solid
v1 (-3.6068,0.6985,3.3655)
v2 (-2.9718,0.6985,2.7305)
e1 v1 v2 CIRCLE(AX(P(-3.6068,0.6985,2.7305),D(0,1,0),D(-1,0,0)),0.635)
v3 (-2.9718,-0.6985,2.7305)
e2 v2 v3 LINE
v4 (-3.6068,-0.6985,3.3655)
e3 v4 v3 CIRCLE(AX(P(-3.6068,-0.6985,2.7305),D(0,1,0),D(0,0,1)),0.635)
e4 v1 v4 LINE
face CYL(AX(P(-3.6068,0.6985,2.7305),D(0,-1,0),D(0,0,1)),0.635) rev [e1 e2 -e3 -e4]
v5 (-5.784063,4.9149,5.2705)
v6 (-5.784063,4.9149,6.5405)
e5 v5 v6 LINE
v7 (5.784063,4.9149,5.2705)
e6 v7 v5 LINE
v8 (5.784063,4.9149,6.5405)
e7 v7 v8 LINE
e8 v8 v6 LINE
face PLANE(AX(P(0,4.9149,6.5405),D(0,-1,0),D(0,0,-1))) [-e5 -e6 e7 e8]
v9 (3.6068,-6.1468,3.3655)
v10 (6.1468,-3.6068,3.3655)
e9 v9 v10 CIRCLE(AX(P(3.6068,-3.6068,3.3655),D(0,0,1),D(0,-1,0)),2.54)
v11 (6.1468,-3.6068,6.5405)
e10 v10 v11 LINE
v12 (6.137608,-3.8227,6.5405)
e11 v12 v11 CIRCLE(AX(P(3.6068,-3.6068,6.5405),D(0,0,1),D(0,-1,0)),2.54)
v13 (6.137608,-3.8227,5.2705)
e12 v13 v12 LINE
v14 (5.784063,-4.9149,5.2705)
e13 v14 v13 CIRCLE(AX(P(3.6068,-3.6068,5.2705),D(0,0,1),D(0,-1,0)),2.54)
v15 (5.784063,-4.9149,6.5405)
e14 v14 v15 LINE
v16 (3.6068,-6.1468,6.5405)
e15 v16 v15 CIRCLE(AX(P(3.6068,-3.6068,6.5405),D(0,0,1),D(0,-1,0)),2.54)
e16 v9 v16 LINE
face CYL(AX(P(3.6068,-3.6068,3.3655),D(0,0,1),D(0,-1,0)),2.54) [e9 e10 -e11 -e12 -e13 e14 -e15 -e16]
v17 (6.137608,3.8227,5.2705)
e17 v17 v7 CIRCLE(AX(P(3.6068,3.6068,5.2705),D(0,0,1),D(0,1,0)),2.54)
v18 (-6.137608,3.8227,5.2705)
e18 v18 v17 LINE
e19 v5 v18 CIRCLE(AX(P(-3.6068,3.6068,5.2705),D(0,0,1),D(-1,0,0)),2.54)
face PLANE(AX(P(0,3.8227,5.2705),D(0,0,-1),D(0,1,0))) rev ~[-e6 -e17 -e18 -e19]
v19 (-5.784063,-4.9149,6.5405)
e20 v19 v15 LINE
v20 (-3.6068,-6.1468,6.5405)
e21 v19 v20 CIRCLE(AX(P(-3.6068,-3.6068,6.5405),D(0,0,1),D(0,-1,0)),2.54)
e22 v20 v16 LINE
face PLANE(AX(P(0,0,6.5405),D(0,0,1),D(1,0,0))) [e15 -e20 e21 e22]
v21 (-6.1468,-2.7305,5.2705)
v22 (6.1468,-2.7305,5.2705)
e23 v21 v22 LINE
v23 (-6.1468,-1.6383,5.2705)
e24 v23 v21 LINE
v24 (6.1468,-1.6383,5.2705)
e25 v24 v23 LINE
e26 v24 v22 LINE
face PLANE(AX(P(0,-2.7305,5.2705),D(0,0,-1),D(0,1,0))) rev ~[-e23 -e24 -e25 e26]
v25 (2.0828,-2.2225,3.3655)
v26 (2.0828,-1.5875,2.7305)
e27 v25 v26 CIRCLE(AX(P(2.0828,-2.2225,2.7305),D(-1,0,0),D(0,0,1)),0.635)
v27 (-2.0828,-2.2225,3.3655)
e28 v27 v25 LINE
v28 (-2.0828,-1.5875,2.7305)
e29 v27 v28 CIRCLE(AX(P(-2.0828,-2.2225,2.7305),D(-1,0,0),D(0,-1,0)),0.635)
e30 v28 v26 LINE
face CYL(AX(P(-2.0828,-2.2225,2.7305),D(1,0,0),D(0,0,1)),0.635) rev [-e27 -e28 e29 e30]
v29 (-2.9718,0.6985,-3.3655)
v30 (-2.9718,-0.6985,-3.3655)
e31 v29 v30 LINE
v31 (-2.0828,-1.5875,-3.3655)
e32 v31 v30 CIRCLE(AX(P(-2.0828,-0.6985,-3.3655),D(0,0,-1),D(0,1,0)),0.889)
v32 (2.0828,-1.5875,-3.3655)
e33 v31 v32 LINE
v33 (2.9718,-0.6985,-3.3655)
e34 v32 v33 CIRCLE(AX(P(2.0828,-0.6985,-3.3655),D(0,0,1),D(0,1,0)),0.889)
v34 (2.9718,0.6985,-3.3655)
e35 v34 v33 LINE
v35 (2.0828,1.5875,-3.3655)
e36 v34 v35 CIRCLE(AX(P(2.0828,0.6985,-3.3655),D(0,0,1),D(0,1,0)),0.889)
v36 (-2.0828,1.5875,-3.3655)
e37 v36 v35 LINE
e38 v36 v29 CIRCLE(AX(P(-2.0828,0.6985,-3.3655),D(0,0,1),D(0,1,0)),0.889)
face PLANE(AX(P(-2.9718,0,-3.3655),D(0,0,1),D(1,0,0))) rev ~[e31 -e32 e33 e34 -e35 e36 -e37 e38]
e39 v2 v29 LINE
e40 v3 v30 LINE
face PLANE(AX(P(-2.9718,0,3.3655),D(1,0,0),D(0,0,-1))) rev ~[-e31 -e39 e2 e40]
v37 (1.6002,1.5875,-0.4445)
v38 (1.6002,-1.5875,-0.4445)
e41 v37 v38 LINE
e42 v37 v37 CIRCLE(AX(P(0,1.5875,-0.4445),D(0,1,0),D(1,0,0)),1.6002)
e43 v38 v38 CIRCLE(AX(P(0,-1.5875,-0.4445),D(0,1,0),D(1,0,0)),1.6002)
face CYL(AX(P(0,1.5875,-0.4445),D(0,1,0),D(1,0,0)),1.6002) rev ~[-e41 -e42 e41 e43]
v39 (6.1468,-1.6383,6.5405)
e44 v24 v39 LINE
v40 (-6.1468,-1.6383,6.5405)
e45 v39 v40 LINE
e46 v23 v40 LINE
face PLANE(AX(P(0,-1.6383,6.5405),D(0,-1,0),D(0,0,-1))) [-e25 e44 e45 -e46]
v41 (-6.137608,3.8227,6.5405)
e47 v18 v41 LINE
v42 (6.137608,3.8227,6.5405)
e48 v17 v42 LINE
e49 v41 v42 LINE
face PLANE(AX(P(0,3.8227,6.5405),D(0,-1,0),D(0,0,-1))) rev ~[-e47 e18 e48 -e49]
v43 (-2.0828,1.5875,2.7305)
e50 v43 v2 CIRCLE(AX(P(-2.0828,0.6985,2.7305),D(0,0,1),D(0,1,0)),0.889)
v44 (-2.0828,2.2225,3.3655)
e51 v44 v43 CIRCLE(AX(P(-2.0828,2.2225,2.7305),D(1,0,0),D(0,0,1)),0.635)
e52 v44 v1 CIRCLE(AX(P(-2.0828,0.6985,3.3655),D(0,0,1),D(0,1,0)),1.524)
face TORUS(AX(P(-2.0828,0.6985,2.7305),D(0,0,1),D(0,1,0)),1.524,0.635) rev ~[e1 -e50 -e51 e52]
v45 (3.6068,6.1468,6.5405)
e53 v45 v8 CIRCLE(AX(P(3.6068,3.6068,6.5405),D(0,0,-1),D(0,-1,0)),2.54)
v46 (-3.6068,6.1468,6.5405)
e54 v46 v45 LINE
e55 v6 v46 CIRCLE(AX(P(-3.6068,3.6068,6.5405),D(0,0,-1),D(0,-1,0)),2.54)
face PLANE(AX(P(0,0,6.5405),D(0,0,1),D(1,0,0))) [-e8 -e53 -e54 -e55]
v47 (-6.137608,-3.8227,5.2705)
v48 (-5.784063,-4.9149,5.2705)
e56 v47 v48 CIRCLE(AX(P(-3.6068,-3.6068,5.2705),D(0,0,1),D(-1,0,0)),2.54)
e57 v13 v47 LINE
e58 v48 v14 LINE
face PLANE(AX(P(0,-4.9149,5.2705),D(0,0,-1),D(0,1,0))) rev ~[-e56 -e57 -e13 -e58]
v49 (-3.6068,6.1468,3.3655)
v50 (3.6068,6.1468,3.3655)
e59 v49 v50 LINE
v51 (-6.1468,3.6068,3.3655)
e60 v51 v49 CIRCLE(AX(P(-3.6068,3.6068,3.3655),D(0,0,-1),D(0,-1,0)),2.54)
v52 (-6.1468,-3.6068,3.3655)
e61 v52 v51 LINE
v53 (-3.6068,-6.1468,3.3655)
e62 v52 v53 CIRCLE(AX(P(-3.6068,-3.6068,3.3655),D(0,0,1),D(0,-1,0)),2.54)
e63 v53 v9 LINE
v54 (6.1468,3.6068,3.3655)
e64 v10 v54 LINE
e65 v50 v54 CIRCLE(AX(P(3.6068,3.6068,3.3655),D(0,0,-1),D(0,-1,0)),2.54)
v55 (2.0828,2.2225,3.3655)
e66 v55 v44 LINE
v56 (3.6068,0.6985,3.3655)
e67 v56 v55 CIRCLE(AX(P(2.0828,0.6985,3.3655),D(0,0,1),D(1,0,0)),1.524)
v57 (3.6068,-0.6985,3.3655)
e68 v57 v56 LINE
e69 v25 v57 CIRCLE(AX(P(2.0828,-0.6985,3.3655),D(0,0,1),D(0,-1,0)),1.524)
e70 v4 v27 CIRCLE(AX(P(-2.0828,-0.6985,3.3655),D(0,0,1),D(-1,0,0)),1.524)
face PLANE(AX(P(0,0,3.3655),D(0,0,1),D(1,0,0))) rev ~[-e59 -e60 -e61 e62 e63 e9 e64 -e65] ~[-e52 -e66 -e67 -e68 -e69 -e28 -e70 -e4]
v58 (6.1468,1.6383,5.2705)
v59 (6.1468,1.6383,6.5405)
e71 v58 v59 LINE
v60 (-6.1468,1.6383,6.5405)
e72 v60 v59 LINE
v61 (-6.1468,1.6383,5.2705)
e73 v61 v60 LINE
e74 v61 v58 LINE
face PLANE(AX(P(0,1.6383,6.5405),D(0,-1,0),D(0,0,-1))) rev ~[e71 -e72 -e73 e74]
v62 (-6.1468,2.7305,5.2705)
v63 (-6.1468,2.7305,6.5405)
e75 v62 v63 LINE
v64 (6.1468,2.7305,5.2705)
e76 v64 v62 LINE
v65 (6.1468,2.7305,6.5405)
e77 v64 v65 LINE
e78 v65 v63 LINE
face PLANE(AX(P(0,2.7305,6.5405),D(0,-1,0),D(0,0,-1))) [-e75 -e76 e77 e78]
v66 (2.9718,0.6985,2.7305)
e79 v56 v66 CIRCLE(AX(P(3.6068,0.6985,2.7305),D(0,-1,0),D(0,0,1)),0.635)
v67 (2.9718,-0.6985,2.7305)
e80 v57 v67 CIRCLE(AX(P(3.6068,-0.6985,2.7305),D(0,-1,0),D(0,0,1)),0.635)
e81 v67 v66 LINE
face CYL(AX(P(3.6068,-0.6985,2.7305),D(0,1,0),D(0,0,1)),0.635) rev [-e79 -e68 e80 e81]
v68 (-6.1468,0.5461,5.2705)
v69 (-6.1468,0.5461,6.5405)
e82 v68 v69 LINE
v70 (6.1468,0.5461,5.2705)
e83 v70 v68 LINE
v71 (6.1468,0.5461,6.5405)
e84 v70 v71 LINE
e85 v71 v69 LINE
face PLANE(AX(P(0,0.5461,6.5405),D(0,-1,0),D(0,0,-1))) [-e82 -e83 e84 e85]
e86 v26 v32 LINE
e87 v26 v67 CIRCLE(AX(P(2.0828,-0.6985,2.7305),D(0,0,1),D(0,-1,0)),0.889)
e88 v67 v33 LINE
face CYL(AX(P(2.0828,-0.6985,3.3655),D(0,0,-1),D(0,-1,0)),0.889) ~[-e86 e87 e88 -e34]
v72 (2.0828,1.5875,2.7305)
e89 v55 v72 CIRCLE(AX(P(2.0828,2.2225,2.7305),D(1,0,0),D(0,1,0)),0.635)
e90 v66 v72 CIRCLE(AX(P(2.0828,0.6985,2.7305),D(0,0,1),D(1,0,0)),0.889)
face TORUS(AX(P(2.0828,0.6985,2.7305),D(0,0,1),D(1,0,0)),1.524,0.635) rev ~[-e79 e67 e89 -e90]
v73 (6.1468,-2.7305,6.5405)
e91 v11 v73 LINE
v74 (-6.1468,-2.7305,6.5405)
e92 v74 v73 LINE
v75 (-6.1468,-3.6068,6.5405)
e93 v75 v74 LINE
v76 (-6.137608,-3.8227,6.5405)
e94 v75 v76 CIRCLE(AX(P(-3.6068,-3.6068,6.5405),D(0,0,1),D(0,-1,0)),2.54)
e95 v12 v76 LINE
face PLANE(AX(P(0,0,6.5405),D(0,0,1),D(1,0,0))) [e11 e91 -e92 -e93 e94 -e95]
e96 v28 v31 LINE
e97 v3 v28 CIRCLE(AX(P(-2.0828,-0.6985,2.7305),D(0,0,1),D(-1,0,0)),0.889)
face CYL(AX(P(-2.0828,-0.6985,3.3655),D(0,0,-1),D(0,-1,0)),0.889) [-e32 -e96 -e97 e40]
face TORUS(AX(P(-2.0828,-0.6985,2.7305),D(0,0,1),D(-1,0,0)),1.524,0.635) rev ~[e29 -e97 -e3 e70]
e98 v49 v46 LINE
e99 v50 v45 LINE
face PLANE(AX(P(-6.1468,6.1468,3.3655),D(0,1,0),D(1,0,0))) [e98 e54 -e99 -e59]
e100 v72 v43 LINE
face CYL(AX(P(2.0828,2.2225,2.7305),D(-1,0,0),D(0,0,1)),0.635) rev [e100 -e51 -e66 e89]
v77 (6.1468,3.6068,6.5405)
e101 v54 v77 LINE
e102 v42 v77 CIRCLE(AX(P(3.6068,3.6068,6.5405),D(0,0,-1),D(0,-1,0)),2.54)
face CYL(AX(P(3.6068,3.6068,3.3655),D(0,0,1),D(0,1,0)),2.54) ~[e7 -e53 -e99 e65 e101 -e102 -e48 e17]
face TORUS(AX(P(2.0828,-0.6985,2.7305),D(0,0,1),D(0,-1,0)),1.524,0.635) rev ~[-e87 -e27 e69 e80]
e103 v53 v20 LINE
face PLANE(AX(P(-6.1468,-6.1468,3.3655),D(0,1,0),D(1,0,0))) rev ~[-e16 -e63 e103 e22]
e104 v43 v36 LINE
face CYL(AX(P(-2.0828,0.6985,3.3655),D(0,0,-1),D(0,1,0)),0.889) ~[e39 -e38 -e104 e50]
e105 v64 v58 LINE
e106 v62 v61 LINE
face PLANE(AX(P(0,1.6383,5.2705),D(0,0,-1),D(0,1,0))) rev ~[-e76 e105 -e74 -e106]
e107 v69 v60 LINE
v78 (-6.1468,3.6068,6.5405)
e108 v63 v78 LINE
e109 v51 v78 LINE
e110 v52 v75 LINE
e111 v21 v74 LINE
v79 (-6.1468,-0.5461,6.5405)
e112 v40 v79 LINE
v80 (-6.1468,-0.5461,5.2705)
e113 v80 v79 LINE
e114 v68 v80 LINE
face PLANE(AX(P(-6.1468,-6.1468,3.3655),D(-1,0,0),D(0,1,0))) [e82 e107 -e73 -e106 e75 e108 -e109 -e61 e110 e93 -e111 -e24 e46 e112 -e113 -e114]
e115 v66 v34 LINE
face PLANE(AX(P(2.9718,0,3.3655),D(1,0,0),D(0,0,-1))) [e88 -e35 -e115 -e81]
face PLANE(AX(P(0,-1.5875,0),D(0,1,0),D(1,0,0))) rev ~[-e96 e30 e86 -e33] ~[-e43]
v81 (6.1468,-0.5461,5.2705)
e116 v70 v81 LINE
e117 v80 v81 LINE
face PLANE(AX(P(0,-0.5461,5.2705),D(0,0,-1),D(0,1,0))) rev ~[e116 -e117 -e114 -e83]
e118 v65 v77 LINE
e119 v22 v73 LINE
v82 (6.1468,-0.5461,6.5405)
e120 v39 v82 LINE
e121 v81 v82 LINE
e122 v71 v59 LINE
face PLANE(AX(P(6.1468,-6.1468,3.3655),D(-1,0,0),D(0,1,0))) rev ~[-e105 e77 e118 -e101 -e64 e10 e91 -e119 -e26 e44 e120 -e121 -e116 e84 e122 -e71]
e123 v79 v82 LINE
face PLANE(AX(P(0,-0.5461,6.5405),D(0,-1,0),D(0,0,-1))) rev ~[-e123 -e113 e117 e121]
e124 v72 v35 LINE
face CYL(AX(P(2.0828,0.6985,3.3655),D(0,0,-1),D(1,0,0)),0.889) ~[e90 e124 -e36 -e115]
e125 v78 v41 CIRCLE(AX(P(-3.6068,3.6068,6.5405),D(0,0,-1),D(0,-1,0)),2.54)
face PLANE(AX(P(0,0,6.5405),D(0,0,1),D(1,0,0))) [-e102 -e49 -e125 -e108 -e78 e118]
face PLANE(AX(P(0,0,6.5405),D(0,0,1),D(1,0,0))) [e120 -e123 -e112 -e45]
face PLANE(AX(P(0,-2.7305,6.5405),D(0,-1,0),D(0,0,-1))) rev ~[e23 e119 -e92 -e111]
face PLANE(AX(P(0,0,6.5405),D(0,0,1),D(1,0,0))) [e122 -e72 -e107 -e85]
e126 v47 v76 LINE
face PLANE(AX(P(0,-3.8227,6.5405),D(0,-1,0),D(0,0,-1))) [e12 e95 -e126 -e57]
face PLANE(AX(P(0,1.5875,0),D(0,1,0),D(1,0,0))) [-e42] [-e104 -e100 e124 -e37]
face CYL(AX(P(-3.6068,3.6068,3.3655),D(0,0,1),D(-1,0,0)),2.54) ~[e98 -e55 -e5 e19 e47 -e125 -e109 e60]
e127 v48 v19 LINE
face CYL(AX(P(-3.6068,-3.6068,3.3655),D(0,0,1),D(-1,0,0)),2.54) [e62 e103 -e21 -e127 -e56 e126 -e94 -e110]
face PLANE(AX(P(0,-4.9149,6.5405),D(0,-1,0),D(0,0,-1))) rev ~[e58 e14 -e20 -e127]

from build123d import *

# Parameters (mm, degrees)
SKETCH1_W               = 5.9436
SKETCH1_H               = 6.731
BOSS_EXTRUDE1_DEPTH     = 1.5875
SKETCH2_W               = 12.2936
SKETCH2_H               = 12.2936
BOSS_EXTRUDE2_DEPTH     = 3.175
SKETCH3_R               = 1.6002
CUT_EXTRUDE1_DEPTH      = 5.5593
CUT_EXTRUDE1_DEPTH_BACK = 8.7343
FILLET1_R               = 0.889
FILLET2_R               = 0.635
FILLET3_R               = 2.54
SKETCH4_W               = 1.27
SKETCH4_H               = 1.0922
CUT_EXTRUDE2_DEPTH      = 7.1468
LPATTERN1_COUNT         = 3
LPATTERN1_PITCH         = 2.1844
LPATTERN1_COL_COUNT     = 3
LPATTERN1_COL_PITCH     = 2.1844


with BuildPart() as part:
    # Sketch1 → Boss-Extrude1 (new body, symmetric)
    with BuildSketch(Plane(origin=(0, 0, 0), x_dir=(1, 0, 0), z_dir=(0, 1, 0))):
        Rectangle(SKETCH1_W, SKETCH1_H)
    extrude(amount=BOSS_EXTRUDE1_DEPTH, both=True)

    # Sketch2 → Boss-Extrude2 (add)
    with BuildSketch(Plane.XY.offset(3.3655)):
        Rectangle(SKETCH2_W, SKETCH2_H)
    extrude(amount=BOSS_EXTRUDE2_DEPTH)

    # Sketch3 → Cut-Extrude1 (cut, two sides)
    with BuildSketch(Plane(origin=(0, 1.5875, 0), x_dir=(1, 0, 0), z_dir=(0, 1, 0))) as cut_extrude1_sk:
        with Locations((0, 0.4445)):
            Circle(SKETCH3_R)
    extrude(amount=CUT_EXTRUDE1_DEPTH, mode=Mode.SUBTRACT)
    extrude(cut_extrude1_sk.sketch, amount=-CUT_EXTRUDE1_DEPTH_BACK, mode=Mode.SUBTRACT)

    # Fillet1
    fillet1_edges = [part.edges().sort_by_distance(p)[0] for p in [
        (-2.9718, 1.5875, 0),
        (2.9718, 1.5875, 0),
        (-2.9718, -1.5875, 0),
        (2.9718, -1.5875, 0),
    ]]
    fillet(fillet1_edges, radius=FILLET1_R)

    # Fillet2
    fillet2_edges = [part.edges().sort_by_distance(p)[0] for p in [
        (2.9718, 0, 3.3655),
        (0, -1.5875, 3.3655),
        (-2.9718, 0, 3.3655),
        (0, 1.5875, 3.3655),
        (2.711417928, -1.327117928, 3.3655),
        (-2.711417928, -1.327117928, 3.3655),
        (-2.711417928, 1.327117928, 3.3655),
        (2.711417928, 1.327117928, 3.3655),
    ]]
    fillet(fillet2_edges, radius=FILLET2_R)

    # Fillet3
    fillet3_edges = [part.edges().sort_by_distance(p)[0] for p in [
        (6.1468, -6.1468, 4.953),
        (6.1468, 6.1468, 4.953),
        (-6.1468, 6.1468, 4.953),
        (-6.1468, -6.1468, 4.953),
    ]]
    fillet(fillet3_edges, radius=FILLET3_R)

    # Sketch4 → Cut-Extrude2 (cut, symmetric)
    with BuildSketch(Plane(origin=(0, 0, 0), x_dir=(0, 0, -1), z_dir=(1, 0, 0))):
        with Locations((-5.9055, 0)):
            Rectangle(SKETCH4_W, SKETCH4_H)
    cut_extrude2 = extrude(amount=CUT_EXTRUDE2_DEPTH, both=True, mode=Mode.SUBTRACT)

    # LPattern1: Cut-Extrude2 ×3
    with Locations(*[(0, i * LPATTERN1_PITCH, 0) for i in range(1, LPATTERN1_COUNT)]):
        add(cut_extrude2, mode=Mode.SUBTRACT)

    # LPattern1 col: Cut-Extrude2 ×3
    with Locations(*[(0, -i * LPATTERN1_COL_PITCH, 0) for i in range(1, LPATTERN1_COL_COUNT)]):
        add(cut_extrude2, mode=Mode.SUBTRACT)


solid = part.part
